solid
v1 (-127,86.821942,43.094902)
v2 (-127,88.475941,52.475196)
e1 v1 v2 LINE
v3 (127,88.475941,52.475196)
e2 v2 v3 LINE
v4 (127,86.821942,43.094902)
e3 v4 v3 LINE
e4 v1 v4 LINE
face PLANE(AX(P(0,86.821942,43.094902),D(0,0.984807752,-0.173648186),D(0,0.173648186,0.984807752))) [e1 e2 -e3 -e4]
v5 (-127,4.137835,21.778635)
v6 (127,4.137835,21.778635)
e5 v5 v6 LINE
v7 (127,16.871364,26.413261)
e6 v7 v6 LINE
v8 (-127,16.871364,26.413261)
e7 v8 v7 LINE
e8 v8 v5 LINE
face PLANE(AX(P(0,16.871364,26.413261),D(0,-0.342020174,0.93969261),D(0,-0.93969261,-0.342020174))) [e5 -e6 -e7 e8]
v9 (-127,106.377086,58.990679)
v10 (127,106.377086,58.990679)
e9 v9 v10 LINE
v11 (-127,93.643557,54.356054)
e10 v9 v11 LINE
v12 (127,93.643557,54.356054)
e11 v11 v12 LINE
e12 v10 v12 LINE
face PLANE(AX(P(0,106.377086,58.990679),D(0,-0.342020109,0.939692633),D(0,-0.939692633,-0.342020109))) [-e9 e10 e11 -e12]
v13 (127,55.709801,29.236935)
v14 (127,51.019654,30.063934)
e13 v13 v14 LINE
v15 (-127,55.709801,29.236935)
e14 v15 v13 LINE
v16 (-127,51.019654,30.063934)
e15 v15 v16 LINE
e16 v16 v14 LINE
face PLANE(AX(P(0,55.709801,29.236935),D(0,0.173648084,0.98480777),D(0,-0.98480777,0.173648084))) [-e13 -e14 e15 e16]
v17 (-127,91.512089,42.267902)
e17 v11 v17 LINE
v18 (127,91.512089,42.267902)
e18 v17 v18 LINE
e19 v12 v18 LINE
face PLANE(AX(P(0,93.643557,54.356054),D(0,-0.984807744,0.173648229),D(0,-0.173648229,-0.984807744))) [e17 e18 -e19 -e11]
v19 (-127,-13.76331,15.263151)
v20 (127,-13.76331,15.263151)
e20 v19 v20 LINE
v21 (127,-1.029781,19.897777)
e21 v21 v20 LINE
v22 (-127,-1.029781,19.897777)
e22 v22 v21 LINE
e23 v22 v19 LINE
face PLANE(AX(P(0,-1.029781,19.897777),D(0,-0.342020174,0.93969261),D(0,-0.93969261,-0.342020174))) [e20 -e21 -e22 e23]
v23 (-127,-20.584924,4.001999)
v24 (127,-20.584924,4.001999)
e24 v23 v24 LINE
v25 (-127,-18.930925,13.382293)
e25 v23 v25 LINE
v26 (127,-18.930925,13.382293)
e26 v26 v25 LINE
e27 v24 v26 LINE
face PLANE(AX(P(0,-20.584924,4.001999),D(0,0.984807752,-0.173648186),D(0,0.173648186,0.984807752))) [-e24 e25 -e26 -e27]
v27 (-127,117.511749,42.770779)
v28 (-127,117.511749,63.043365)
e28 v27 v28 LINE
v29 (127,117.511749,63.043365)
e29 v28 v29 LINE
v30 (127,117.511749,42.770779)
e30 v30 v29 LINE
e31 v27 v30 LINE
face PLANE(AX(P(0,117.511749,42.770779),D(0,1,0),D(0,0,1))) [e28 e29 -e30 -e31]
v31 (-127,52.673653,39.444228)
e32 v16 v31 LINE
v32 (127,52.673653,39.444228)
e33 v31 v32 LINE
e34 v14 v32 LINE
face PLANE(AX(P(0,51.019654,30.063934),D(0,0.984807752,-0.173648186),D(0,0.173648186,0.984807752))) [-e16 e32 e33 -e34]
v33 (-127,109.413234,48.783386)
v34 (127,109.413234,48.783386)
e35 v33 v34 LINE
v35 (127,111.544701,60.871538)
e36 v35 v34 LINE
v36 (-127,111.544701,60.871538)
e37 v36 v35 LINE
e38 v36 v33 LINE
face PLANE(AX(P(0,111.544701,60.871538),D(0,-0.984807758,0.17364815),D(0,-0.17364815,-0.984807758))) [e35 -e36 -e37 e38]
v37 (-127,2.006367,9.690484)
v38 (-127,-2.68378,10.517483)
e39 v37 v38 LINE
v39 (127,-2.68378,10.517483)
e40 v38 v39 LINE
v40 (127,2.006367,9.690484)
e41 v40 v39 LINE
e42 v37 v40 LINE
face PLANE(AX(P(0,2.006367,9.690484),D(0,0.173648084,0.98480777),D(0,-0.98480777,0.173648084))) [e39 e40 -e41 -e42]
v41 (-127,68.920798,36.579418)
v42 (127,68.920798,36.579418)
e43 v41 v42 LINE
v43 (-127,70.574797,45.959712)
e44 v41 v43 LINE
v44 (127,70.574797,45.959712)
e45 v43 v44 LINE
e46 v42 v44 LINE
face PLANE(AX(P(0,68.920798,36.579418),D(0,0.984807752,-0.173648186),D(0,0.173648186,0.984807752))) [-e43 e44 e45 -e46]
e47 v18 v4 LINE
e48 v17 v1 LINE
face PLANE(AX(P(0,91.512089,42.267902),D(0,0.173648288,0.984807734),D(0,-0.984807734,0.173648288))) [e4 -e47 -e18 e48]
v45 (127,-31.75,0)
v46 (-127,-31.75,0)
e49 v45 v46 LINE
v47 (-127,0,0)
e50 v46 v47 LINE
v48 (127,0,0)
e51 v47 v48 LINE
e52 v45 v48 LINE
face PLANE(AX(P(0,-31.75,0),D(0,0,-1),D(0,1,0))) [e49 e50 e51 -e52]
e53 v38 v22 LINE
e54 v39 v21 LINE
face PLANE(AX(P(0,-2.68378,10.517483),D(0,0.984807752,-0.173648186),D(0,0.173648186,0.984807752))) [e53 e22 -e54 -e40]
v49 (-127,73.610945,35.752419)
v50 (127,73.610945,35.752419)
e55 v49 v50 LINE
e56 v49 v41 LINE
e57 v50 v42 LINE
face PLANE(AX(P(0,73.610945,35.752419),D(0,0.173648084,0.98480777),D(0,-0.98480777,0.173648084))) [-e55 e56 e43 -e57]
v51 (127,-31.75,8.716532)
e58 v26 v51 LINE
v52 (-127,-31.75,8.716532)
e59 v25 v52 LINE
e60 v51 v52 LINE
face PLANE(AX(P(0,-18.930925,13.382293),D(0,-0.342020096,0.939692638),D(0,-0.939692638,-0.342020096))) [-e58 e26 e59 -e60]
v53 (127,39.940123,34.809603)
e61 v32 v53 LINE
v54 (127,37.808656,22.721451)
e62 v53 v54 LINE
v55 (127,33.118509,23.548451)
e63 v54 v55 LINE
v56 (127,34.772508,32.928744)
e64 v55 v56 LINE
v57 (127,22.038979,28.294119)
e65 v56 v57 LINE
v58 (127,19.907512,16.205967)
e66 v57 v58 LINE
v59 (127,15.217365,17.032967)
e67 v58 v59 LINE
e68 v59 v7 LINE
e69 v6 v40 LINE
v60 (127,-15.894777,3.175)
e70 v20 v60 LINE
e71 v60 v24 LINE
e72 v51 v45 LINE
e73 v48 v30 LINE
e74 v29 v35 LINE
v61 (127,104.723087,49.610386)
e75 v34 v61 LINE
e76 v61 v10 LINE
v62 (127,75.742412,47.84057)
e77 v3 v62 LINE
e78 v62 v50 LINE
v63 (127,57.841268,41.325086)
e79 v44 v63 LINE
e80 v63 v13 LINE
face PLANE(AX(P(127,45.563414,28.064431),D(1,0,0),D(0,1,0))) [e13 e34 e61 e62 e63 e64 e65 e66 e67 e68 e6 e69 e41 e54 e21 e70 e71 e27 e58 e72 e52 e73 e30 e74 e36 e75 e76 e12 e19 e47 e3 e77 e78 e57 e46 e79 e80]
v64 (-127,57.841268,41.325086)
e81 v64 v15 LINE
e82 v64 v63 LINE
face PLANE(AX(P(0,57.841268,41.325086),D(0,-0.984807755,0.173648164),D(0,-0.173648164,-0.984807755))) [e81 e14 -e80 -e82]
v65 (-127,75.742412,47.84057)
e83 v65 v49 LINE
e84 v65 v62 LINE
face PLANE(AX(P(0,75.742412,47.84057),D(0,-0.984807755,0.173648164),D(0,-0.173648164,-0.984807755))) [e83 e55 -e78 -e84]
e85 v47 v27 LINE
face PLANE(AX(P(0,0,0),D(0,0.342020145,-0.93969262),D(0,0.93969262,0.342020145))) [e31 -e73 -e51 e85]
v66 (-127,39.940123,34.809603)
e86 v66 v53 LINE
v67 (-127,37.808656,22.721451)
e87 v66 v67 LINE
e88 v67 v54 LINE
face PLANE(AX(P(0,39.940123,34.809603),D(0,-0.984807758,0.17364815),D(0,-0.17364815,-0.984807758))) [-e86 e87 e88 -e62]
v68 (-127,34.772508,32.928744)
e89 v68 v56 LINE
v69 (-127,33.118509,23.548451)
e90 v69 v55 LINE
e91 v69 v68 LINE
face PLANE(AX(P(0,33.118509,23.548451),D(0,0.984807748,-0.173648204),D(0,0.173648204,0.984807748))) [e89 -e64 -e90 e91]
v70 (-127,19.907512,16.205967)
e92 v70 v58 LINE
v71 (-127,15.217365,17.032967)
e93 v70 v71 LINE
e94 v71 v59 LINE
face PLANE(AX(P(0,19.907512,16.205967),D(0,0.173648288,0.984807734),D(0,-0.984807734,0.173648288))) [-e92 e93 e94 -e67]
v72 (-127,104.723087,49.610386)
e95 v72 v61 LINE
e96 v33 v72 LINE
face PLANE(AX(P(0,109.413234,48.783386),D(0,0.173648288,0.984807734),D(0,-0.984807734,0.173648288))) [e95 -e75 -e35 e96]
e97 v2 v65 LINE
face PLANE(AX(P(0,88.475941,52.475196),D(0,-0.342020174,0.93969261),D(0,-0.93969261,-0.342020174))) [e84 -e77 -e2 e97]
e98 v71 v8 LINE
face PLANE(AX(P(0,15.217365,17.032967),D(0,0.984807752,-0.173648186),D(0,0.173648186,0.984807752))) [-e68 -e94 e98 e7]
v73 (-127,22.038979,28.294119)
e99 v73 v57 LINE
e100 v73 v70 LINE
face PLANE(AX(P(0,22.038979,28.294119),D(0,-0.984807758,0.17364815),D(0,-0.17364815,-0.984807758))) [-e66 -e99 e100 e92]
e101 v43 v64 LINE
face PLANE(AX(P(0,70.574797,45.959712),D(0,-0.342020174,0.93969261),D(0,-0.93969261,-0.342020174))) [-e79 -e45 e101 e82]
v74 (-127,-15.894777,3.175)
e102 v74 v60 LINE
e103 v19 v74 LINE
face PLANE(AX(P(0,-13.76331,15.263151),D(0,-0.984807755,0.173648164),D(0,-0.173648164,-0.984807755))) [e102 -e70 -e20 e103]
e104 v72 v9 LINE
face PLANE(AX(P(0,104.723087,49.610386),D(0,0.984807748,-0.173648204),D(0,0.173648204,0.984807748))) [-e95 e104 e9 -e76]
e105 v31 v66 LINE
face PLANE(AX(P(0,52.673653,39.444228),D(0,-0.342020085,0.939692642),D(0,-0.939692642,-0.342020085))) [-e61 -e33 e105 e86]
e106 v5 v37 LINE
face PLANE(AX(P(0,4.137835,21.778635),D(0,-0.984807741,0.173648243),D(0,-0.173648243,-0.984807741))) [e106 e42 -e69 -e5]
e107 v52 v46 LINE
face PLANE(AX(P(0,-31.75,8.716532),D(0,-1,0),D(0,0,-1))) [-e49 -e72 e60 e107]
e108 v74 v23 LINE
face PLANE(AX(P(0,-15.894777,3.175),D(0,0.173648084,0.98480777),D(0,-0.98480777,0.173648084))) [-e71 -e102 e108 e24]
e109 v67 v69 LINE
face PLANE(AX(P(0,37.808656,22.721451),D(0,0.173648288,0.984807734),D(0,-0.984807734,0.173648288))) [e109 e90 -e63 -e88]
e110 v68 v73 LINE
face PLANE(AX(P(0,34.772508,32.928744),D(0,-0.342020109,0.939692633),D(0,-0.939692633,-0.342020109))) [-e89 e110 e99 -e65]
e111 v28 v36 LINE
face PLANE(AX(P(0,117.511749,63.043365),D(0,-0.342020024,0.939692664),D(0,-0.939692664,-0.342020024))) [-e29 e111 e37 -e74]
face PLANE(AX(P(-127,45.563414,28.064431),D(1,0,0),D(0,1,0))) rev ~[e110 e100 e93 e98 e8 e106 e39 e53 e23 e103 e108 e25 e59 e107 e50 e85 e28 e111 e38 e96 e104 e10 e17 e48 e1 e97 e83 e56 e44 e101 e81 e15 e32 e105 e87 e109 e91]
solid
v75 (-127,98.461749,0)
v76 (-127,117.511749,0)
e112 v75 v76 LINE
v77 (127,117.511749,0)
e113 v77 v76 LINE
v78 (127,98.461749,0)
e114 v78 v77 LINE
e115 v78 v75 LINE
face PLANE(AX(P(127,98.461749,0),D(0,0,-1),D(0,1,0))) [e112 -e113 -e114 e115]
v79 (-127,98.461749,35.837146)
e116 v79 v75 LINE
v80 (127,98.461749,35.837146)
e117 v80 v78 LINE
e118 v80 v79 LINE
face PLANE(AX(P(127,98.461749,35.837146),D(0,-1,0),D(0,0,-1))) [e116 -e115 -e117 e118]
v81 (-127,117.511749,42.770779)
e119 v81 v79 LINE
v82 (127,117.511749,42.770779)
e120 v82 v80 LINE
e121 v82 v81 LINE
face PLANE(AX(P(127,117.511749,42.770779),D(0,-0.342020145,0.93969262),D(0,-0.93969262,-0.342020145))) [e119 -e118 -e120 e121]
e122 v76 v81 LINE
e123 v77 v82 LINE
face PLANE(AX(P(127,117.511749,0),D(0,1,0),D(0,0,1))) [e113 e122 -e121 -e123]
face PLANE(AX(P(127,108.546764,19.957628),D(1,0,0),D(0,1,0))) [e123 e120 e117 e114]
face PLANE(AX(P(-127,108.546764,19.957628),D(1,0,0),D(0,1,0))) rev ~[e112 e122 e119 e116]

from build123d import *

# Parameters (mm, degrees)
F1_DEPTH = 127
F3_DEPTH = 254


with BuildPart() as f1:
    # F0 (on Right) → F1 (new body, symmetric)
    with BuildSketch(Plane.YZ):
        Polygon((-31.75, 0), (0, 0), (117.511749, 42.770779), (117.511749, 63.043365), (111.544701, 60.871538), (109.413234, 48.783386), (104.723087, 49.610386), (106.377086, 58.990679), (93.643557, 54.356054), (91.512089, 42.267902), (86.821942, 43.094902), (88.475941, 52.475196), (75.742412, 47.84057), (73.610945, 35.752419), (68.920798, 36.579418), (70.574797, 45.959712), (57.841268, 41.325086), (55.709801, 29.236935), (51.019654, 30.063934), (52.673653, 39.444228), (39.940123, 34.809603), (37.808656, 22.721451), (33.118509, 23.548451), (34.772508, 32.928744), (22.038979, 28.294119), (19.907512, 16.205967), (15.217365, 17.032967), (16.871364, 26.413261), (4.137835, 21.778635), (2.006367, 9.690484), (-2.68378, 10.517483), (-1.029781, 19.897777), (-13.76331, 15.263151), (-15.894777, 3.175), (-20.584924, 4.001999), (-18.930925, 13.382293), (-31.75, 8.716532), align=None)
    extrude(amount=F1_DEPTH, both=True)


with BuildPart() as f3:
    # F2 (on face) → F3 (new body, through all)
    with BuildSketch(Plane.YZ.offset(127)):
        Polygon((117.511749, 0), (117.511749, 42.770779), (98.461749, 35.837146), (98.461749, 0), align=None)
    extrude(amount=-F3_DEPTH)


solid = Compound([f1.part, f3.part])
